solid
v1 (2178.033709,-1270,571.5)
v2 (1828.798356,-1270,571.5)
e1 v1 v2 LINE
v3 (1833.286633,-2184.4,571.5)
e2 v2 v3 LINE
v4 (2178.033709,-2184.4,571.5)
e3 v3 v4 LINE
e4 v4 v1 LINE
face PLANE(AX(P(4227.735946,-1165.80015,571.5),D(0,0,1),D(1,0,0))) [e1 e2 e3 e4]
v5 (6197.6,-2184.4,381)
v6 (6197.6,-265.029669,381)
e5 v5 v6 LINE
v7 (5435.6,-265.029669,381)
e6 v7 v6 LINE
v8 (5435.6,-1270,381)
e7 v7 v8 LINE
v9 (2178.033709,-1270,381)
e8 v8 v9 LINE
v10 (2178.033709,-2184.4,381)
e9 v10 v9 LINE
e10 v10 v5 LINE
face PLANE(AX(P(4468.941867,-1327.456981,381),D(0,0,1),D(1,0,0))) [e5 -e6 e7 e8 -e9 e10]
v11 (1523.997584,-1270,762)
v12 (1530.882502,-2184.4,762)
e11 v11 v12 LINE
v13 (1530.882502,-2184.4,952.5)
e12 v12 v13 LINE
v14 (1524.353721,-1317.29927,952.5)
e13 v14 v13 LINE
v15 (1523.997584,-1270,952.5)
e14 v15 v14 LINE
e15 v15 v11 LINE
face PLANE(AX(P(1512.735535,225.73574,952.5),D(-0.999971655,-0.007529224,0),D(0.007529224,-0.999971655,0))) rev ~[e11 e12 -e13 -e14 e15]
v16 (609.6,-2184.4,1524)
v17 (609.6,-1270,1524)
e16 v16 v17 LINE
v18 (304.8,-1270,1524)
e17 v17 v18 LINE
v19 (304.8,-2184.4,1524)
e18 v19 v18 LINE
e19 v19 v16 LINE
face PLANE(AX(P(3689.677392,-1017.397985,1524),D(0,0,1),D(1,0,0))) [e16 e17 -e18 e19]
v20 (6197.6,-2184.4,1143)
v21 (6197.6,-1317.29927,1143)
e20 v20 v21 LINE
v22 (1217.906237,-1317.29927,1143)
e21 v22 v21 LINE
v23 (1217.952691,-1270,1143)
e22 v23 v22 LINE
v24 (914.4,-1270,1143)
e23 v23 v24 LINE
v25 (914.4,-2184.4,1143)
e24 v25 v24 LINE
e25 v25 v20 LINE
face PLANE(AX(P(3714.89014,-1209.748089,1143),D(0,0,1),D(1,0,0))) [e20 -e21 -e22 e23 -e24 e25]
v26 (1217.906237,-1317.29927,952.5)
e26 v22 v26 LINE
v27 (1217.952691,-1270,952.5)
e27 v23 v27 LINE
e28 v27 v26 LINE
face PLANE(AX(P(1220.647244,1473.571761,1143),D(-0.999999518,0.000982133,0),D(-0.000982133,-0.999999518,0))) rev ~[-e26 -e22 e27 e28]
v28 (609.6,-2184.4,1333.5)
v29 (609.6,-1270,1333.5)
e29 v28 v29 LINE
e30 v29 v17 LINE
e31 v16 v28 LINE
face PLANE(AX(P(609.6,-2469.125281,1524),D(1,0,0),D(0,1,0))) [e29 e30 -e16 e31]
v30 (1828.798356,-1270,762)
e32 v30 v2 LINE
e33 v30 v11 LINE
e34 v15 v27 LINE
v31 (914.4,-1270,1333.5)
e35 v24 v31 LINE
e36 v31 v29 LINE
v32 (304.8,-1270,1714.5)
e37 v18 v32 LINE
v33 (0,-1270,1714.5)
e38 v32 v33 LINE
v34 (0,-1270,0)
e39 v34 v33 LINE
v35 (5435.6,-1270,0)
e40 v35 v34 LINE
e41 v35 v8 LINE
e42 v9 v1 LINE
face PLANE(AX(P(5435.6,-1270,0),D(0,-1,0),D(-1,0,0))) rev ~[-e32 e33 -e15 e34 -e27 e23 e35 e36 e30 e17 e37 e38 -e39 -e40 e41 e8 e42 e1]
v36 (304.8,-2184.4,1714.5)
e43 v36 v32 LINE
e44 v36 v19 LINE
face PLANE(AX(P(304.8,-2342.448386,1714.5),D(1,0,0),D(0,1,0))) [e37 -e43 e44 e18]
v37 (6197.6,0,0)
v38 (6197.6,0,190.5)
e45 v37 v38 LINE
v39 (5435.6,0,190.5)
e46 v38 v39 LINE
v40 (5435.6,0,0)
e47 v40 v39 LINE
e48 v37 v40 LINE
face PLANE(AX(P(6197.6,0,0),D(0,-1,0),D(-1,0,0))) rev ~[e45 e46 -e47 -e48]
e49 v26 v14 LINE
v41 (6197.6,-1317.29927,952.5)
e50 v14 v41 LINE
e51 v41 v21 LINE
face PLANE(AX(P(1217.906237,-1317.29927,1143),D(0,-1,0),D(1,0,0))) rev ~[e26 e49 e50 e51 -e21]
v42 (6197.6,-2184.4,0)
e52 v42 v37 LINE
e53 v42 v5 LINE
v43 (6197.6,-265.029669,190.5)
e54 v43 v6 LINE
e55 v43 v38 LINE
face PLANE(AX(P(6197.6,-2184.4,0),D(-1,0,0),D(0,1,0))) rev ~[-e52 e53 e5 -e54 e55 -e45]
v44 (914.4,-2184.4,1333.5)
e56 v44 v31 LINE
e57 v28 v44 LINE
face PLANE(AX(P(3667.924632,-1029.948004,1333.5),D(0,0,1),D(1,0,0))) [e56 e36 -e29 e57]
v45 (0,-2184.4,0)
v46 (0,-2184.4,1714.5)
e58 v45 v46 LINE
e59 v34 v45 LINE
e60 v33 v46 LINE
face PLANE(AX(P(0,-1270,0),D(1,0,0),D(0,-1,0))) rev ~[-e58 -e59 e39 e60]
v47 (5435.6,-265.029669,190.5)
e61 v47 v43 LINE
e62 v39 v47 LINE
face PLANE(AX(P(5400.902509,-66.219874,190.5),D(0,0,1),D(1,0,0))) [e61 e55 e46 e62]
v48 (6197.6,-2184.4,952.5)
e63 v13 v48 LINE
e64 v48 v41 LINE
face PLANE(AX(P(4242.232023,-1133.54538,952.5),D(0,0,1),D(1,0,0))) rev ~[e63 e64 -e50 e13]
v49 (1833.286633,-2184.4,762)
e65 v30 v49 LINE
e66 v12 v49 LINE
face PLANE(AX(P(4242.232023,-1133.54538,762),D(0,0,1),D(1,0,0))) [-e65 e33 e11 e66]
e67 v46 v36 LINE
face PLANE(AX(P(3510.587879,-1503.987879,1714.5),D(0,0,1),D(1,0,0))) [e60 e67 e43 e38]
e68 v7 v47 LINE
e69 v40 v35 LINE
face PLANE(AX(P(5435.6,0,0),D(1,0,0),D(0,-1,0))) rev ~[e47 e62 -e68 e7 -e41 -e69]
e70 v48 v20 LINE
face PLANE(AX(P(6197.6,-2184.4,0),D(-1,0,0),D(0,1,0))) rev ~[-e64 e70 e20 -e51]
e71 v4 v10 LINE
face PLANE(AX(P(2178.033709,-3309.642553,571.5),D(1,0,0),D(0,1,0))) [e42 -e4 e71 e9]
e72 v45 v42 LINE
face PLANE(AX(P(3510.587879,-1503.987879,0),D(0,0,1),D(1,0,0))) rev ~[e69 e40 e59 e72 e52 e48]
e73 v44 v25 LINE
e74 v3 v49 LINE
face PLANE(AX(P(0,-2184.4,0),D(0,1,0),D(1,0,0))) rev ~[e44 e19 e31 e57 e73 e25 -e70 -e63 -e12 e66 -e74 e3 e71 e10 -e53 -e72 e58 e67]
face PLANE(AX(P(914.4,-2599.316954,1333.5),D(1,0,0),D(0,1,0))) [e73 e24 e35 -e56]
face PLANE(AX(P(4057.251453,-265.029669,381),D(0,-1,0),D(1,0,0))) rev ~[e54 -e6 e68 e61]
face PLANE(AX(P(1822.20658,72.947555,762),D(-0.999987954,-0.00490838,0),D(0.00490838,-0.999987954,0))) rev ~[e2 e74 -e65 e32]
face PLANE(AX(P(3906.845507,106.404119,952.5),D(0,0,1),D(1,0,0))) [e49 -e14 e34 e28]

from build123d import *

# Parameters (mm, degrees)
F1_DEPTH  = 1714.5
F2_W      = 6769.754784
F2_H      = 2650.100802
F3_DEPTH  = 190.5
F4_W      = 6116.649264
F4_H      = 2878.354555
F5_DEPTH  = 190.5
F6_W      = 5600.98028
F6_H      = 2779.137729
F7_DEPTH  = 190.5
F9_DEPTH  = 190.5
F11_DEPTH = 190.5
F13_DEPTH = 190.5
F14_W     = 4581.816315
F14_H     = 3964.371144
F15_DEPTH = 190.5
F16_W     = 2687.302113
F16_H     = 397.61959
F17_DEPTH = 190.5


with BuildPart() as f1:
    # F0 (on Top) → F1 (new body)
    with BuildSketch(Plane.XY):
        Polygon((5435.6, -1270), (0, -1270), (0, -2184.4), (6197.6, -2184.4), (6197.6, 0), (5435.6, 0), align=None)
    extrude(amount=F1_DEPTH)

    # F2 (on face) → F3 (cut)
    with BuildSketch(Plane.XY.offset(1714.5)):
        with Locations((3689.677392, -1017.397985)):
            Rectangle(F2_W, F2_H)
    extrude(amount=-F3_DEPTH, mode=Mode.SUBTRACT)

    # F4 (on face) → F5 (cut)
    with BuildSketch(Plane.XY.offset(1524)):
        with Locations((3667.924632, -1029.948004)):
            Rectangle(F4_W, F4_H)
    extrude(amount=-F5_DEPTH, mode=Mode.SUBTRACT)

    # F6 (on face) → F7 (cut)
    with BuildSketch(Plane.XY.offset(1333.5)):
        with Locations((3714.89014, -1209.748089)):
            Rectangle(F6_W, F6_H)
    extrude(amount=-F7_DEPTH, mode=Mode.SUBTRACT)

    # F8 (on face) → F9 (cut)
    with BuildSketch(Plane.XY.offset(1143)):
        Polygon((6557.625086, 1586.404227), (1220.647244, 1473.571761), (1217.906237, -1317.29927), (6557.625086, -1317.29927), align=None)
    extrude(amount=-F9_DEPTH, mode=Mode.SUBTRACT)

    # F10 (on face) → F11 (cut)
    with BuildSketch(Plane.XY.offset(952.5)):
        Polygon((6549.054911, 597.07729), (1512.735535, 225.73574), (1533.949639, -2591.752768), (7090.906833, -2591.752768), align=None)
    extrude(amount=-F11_DEPTH, mode=Mode.SUBTRACT)

    # F12 (on face) → F13 (cut)
    with BuildSketch(Plane.XY.offset(762)):
        Polygon((6558.934754, 203.396683), (1822.20658, 72.947555), (1834.353823, -2401.819355), (6510.601342, -2558.526313), align=None)
    extrude(amount=-F13_DEPTH, mode=Mode.SUBTRACT)

    # F14 (on face) → F15 (cut)
    with BuildSketch(Plane.XY.offset(571.5)):
        with Locations((4468.941867, -1327.456981)):
            Rectangle(F14_W, F14_H)
    extrude(amount=-F15_DEPTH, mode=Mode.SUBTRACT)

    # F16 (on face) → F17 (cut)
    with BuildSketch(Plane.XY.offset(381)):
        with Locations((5400.902509, -66.219874)):
            Rectangle(F16_W, F16_H)
    extrude(amount=-F17_DEPTH, mode=Mode.SUBTRACT)


solid = f1.part
